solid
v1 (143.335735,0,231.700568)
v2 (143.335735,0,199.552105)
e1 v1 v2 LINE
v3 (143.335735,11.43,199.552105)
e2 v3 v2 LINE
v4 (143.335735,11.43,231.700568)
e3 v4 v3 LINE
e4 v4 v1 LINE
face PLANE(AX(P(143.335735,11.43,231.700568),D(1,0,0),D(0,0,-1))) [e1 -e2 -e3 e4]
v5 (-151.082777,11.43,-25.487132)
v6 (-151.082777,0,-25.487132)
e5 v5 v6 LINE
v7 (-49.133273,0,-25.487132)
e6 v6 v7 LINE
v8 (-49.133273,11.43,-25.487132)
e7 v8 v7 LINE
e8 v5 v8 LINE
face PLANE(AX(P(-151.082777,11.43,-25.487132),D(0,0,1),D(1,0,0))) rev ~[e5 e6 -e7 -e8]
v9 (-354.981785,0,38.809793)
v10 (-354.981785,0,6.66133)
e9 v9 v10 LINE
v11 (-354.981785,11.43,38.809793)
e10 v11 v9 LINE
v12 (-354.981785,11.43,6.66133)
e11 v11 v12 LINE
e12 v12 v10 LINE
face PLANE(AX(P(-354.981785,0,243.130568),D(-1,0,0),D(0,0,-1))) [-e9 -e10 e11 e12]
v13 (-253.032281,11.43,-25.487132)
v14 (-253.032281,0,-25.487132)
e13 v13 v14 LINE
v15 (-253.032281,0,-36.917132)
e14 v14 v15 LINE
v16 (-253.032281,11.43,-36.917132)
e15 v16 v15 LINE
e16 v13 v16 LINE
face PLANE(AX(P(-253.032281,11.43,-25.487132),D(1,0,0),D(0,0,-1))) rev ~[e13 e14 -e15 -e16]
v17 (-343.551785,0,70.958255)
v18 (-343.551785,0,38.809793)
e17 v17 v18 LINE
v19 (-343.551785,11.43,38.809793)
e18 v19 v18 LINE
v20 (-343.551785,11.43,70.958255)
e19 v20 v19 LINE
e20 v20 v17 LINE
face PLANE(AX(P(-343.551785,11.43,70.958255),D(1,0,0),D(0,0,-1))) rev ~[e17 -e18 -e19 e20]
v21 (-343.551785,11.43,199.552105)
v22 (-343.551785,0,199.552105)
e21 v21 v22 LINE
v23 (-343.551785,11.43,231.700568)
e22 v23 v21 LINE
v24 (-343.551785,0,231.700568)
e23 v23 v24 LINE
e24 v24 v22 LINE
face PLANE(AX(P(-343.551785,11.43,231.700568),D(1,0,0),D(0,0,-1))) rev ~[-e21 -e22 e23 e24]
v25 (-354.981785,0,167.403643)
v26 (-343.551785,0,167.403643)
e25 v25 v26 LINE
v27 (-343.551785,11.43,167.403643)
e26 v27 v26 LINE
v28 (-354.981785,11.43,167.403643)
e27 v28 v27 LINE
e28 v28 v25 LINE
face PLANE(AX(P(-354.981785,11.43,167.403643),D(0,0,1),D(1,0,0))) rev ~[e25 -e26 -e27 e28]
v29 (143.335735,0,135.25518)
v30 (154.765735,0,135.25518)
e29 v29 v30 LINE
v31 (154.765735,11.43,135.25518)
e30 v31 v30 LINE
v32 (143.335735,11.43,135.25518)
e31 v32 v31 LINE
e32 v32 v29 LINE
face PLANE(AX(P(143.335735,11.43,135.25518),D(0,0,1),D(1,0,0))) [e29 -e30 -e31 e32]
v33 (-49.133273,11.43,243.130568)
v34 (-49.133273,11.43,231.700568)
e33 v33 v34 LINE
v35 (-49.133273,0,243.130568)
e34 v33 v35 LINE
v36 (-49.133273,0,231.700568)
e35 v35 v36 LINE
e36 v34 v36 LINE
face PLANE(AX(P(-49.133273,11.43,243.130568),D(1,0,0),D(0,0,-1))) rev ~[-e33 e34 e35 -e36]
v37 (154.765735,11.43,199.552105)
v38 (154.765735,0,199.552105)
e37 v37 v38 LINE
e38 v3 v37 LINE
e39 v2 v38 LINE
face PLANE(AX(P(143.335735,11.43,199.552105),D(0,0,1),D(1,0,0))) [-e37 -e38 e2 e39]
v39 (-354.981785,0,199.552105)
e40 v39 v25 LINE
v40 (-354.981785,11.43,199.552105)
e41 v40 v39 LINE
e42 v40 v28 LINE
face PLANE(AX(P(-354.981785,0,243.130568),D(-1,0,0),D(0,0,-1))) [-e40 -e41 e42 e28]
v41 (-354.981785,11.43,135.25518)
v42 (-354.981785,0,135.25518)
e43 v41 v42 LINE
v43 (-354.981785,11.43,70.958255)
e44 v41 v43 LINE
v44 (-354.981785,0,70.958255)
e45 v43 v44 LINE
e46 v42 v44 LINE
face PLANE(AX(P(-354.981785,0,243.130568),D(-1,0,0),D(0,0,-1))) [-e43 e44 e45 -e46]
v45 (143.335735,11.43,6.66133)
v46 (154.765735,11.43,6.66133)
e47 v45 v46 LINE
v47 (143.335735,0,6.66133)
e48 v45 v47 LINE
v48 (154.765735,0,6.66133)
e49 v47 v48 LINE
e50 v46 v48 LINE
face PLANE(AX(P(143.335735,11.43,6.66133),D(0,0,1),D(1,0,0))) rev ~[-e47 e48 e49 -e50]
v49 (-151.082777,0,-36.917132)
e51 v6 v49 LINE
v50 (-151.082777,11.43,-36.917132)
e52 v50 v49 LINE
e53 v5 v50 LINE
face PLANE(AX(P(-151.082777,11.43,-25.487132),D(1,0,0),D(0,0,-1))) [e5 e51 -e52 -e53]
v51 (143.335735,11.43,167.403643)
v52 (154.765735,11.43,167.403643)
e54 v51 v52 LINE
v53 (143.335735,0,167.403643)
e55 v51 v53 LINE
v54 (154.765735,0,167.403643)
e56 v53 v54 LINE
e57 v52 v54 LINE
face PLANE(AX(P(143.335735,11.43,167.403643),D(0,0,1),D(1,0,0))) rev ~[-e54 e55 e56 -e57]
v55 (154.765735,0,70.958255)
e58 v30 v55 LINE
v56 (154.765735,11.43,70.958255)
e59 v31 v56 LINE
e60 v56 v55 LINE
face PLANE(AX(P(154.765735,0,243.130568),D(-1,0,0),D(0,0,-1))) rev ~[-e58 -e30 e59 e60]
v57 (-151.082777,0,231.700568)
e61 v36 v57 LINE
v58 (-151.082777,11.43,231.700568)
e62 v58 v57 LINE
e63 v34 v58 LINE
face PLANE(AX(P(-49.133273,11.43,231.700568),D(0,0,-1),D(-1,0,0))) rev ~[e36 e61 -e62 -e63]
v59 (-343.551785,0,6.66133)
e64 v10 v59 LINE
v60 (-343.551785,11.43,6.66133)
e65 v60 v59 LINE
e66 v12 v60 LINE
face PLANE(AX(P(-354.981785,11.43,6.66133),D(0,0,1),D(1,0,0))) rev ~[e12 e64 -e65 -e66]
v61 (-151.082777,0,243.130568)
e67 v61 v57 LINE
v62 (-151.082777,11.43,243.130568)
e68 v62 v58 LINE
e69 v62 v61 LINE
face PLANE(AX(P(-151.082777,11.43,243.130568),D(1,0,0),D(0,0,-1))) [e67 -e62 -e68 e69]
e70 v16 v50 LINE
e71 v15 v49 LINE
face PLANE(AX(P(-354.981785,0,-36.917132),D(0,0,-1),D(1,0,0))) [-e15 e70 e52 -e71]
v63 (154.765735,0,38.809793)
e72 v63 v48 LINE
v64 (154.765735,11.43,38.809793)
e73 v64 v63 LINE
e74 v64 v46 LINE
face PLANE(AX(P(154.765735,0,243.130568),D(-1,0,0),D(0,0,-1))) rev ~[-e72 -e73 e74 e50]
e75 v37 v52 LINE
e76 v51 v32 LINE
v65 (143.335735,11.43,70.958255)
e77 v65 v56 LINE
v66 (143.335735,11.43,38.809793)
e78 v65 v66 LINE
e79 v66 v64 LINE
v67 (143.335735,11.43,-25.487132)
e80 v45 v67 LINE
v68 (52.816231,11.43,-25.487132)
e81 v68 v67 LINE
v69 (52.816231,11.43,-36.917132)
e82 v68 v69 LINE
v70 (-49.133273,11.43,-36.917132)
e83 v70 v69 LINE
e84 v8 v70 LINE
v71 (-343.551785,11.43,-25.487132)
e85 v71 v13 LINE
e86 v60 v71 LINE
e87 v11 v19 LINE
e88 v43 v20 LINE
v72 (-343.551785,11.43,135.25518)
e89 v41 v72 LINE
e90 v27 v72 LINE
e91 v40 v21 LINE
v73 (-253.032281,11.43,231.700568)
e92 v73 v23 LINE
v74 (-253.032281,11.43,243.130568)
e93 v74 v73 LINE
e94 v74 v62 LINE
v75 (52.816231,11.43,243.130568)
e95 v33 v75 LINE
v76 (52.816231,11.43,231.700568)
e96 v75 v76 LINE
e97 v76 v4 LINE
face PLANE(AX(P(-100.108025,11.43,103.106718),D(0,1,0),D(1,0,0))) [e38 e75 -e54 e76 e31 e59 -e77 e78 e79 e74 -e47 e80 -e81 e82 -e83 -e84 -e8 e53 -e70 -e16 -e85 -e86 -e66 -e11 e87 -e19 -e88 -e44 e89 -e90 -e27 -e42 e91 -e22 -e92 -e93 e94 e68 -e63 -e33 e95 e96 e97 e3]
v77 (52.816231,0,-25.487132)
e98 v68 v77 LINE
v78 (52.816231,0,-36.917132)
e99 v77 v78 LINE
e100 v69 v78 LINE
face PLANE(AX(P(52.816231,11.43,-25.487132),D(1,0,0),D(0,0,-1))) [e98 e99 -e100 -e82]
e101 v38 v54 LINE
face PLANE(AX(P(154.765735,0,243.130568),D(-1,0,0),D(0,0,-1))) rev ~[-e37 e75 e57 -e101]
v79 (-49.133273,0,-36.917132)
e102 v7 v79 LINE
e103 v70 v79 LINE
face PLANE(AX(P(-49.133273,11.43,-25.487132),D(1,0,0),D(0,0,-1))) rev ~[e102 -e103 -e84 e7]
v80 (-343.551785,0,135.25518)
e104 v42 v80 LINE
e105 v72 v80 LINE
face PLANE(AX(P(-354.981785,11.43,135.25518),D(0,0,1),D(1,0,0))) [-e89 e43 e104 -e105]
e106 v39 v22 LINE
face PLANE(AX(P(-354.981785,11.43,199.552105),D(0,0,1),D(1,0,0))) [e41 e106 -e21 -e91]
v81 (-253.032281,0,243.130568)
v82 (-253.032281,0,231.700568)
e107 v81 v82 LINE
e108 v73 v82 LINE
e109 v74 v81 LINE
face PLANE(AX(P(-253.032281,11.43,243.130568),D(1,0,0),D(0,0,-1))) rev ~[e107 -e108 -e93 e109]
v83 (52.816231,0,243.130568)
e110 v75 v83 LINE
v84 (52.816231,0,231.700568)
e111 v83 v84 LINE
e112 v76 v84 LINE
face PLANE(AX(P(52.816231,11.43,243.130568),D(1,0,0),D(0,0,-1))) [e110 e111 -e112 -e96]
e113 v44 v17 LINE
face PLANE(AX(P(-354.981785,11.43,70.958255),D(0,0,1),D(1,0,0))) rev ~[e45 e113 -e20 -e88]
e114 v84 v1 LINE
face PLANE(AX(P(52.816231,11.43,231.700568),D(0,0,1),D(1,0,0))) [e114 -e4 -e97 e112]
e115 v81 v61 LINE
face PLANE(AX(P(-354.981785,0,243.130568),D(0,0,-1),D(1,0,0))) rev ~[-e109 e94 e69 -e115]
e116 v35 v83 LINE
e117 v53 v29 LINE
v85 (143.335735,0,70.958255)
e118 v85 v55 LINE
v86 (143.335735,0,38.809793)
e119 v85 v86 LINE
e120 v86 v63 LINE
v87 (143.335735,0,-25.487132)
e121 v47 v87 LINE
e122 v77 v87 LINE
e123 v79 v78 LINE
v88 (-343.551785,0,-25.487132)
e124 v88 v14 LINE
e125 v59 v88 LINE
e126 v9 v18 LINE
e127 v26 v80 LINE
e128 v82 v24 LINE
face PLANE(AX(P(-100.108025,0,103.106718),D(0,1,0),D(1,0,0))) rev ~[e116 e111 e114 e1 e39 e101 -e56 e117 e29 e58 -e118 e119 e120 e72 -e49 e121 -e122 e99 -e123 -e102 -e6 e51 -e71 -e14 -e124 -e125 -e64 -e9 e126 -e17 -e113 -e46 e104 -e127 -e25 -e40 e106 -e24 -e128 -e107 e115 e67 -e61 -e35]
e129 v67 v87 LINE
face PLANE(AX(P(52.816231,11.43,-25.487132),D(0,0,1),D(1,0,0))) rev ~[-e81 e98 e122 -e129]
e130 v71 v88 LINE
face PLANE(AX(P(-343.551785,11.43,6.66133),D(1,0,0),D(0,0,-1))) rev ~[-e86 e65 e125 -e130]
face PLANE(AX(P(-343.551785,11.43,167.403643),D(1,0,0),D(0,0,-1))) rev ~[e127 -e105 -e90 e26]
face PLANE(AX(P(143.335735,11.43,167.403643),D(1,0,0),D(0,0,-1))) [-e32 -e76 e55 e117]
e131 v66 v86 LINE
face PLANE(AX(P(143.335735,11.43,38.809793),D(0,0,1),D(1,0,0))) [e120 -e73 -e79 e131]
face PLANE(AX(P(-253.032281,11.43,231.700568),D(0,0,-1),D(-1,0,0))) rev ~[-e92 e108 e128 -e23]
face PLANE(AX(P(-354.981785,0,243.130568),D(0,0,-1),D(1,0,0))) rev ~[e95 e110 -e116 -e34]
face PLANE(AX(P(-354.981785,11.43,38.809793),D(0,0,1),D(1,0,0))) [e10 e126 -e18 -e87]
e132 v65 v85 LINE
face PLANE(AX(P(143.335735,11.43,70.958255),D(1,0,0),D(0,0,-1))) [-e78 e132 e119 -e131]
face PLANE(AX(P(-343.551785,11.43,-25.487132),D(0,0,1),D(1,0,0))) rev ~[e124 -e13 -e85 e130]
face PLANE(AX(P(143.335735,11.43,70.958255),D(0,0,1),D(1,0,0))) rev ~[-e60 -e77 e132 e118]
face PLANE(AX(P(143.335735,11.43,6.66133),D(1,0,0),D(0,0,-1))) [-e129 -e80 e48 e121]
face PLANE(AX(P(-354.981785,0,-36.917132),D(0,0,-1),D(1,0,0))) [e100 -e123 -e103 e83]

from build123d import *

# Parameters (mm, degrees)
SKETCH1_W           = 509.74752
SKETCH1_H           = 280.0477
BOSS_EXTRUDE1_DEPTH = 11.43
SKETCH2_W           = 11.43
SKETCH2_H           = 32.1484625
SKETCH2_W_2         = 50.974752
SKETCH2_H_2         = 11.43
SKETCH2_W_3         = 101.949504
CUT_EXTRUDE1_DEPTH  = 431.412807943


with BuildPart() as part:
    # Sketch1 → Boss-Extrude1 (new body)
    with BuildSketch(Plane(origin=(0, 0, 0), x_dir=(1, 0, 0), z_dir=(0, 1, 0))):
        with Locations((-100.108024585, -103.106717707)):
            Rectangle(SKETCH1_W, SKETCH1_H)
    extrude(amount=BOSS_EXTRUDE1_DEPTH)

    # Sketch2 → Cut-Extrude1 (cut, through all)
    with BuildSketch(Plane(origin=(0, 11.43, 0), x_dir=(1, 0, 0), z_dir=(0, 1, 0))):
        with Locations((-349.266784585, -151.329411457)):
            Rectangle(SKETCH2_W, SKETCH2_H)
        with Locations((-349.266784585, -215.626336457)):
            Rectangle(SKETCH2_W, SKETCH2_H)
        Polygon((-354.981784585, -243.130567707), (-253.032280585, -243.130567707), (-253.032280585, -231.700567707), (-343.551784585, -231.700567707), (-354.981784585, -231.700567707), align=None)
        with Locations((-74.620648585, -237.415567707)):
            Rectangle(SKETCH2_W_2, SKETCH2_H_2)
        with Locations((-125.595400585, -237.415567707)):
            Rectangle(SKETCH2_W_2, SKETCH2_H_2)
        with Locations((103.790983415, -237.415567707)):
            Rectangle(SKETCH2_W_3, SKETCH2_H_2)
        with Locations((149.050735415, -215.626336457)):
            Rectangle(SKETCH2_W, SKETCH2_H)
        with Locations((149.050735415, -151.329411457)):
            Rectangle(SKETCH2_W, SKETCH2_H)
        with Locations((149.050735415, -54.884023957)):
            Rectangle(SKETCH2_W, SKETCH2_H)
        with Locations((149.050735415, 9.412901043)):
            Rectangle(SKETCH2_W, SKETCH2_H)
        with Locations((103.790983415, 31.202132293)):
            Rectangle(SKETCH2_W_3, SKETCH2_H_2)
        with Locations((-100.108024585, 31.202132293)):
            Rectangle(SKETCH2_W_3, SKETCH2_H_2)
        with Locations((-349.266784585, -54.884023957)):
            Rectangle(SKETCH2_W, SKETCH2_H)
        with Locations((-349.266784585, 9.412901043)):
            Rectangle(SKETCH2_W, SKETCH2_H)
        with Locations((-304.007032585, 31.202132293)):
            Rectangle(SKETCH2_W_3, SKETCH2_H_2)
    extrude(amount=-CUT_EXTRUDE1_DEPTH, mode=Mode.SUBTRACT)


solid = part.part
